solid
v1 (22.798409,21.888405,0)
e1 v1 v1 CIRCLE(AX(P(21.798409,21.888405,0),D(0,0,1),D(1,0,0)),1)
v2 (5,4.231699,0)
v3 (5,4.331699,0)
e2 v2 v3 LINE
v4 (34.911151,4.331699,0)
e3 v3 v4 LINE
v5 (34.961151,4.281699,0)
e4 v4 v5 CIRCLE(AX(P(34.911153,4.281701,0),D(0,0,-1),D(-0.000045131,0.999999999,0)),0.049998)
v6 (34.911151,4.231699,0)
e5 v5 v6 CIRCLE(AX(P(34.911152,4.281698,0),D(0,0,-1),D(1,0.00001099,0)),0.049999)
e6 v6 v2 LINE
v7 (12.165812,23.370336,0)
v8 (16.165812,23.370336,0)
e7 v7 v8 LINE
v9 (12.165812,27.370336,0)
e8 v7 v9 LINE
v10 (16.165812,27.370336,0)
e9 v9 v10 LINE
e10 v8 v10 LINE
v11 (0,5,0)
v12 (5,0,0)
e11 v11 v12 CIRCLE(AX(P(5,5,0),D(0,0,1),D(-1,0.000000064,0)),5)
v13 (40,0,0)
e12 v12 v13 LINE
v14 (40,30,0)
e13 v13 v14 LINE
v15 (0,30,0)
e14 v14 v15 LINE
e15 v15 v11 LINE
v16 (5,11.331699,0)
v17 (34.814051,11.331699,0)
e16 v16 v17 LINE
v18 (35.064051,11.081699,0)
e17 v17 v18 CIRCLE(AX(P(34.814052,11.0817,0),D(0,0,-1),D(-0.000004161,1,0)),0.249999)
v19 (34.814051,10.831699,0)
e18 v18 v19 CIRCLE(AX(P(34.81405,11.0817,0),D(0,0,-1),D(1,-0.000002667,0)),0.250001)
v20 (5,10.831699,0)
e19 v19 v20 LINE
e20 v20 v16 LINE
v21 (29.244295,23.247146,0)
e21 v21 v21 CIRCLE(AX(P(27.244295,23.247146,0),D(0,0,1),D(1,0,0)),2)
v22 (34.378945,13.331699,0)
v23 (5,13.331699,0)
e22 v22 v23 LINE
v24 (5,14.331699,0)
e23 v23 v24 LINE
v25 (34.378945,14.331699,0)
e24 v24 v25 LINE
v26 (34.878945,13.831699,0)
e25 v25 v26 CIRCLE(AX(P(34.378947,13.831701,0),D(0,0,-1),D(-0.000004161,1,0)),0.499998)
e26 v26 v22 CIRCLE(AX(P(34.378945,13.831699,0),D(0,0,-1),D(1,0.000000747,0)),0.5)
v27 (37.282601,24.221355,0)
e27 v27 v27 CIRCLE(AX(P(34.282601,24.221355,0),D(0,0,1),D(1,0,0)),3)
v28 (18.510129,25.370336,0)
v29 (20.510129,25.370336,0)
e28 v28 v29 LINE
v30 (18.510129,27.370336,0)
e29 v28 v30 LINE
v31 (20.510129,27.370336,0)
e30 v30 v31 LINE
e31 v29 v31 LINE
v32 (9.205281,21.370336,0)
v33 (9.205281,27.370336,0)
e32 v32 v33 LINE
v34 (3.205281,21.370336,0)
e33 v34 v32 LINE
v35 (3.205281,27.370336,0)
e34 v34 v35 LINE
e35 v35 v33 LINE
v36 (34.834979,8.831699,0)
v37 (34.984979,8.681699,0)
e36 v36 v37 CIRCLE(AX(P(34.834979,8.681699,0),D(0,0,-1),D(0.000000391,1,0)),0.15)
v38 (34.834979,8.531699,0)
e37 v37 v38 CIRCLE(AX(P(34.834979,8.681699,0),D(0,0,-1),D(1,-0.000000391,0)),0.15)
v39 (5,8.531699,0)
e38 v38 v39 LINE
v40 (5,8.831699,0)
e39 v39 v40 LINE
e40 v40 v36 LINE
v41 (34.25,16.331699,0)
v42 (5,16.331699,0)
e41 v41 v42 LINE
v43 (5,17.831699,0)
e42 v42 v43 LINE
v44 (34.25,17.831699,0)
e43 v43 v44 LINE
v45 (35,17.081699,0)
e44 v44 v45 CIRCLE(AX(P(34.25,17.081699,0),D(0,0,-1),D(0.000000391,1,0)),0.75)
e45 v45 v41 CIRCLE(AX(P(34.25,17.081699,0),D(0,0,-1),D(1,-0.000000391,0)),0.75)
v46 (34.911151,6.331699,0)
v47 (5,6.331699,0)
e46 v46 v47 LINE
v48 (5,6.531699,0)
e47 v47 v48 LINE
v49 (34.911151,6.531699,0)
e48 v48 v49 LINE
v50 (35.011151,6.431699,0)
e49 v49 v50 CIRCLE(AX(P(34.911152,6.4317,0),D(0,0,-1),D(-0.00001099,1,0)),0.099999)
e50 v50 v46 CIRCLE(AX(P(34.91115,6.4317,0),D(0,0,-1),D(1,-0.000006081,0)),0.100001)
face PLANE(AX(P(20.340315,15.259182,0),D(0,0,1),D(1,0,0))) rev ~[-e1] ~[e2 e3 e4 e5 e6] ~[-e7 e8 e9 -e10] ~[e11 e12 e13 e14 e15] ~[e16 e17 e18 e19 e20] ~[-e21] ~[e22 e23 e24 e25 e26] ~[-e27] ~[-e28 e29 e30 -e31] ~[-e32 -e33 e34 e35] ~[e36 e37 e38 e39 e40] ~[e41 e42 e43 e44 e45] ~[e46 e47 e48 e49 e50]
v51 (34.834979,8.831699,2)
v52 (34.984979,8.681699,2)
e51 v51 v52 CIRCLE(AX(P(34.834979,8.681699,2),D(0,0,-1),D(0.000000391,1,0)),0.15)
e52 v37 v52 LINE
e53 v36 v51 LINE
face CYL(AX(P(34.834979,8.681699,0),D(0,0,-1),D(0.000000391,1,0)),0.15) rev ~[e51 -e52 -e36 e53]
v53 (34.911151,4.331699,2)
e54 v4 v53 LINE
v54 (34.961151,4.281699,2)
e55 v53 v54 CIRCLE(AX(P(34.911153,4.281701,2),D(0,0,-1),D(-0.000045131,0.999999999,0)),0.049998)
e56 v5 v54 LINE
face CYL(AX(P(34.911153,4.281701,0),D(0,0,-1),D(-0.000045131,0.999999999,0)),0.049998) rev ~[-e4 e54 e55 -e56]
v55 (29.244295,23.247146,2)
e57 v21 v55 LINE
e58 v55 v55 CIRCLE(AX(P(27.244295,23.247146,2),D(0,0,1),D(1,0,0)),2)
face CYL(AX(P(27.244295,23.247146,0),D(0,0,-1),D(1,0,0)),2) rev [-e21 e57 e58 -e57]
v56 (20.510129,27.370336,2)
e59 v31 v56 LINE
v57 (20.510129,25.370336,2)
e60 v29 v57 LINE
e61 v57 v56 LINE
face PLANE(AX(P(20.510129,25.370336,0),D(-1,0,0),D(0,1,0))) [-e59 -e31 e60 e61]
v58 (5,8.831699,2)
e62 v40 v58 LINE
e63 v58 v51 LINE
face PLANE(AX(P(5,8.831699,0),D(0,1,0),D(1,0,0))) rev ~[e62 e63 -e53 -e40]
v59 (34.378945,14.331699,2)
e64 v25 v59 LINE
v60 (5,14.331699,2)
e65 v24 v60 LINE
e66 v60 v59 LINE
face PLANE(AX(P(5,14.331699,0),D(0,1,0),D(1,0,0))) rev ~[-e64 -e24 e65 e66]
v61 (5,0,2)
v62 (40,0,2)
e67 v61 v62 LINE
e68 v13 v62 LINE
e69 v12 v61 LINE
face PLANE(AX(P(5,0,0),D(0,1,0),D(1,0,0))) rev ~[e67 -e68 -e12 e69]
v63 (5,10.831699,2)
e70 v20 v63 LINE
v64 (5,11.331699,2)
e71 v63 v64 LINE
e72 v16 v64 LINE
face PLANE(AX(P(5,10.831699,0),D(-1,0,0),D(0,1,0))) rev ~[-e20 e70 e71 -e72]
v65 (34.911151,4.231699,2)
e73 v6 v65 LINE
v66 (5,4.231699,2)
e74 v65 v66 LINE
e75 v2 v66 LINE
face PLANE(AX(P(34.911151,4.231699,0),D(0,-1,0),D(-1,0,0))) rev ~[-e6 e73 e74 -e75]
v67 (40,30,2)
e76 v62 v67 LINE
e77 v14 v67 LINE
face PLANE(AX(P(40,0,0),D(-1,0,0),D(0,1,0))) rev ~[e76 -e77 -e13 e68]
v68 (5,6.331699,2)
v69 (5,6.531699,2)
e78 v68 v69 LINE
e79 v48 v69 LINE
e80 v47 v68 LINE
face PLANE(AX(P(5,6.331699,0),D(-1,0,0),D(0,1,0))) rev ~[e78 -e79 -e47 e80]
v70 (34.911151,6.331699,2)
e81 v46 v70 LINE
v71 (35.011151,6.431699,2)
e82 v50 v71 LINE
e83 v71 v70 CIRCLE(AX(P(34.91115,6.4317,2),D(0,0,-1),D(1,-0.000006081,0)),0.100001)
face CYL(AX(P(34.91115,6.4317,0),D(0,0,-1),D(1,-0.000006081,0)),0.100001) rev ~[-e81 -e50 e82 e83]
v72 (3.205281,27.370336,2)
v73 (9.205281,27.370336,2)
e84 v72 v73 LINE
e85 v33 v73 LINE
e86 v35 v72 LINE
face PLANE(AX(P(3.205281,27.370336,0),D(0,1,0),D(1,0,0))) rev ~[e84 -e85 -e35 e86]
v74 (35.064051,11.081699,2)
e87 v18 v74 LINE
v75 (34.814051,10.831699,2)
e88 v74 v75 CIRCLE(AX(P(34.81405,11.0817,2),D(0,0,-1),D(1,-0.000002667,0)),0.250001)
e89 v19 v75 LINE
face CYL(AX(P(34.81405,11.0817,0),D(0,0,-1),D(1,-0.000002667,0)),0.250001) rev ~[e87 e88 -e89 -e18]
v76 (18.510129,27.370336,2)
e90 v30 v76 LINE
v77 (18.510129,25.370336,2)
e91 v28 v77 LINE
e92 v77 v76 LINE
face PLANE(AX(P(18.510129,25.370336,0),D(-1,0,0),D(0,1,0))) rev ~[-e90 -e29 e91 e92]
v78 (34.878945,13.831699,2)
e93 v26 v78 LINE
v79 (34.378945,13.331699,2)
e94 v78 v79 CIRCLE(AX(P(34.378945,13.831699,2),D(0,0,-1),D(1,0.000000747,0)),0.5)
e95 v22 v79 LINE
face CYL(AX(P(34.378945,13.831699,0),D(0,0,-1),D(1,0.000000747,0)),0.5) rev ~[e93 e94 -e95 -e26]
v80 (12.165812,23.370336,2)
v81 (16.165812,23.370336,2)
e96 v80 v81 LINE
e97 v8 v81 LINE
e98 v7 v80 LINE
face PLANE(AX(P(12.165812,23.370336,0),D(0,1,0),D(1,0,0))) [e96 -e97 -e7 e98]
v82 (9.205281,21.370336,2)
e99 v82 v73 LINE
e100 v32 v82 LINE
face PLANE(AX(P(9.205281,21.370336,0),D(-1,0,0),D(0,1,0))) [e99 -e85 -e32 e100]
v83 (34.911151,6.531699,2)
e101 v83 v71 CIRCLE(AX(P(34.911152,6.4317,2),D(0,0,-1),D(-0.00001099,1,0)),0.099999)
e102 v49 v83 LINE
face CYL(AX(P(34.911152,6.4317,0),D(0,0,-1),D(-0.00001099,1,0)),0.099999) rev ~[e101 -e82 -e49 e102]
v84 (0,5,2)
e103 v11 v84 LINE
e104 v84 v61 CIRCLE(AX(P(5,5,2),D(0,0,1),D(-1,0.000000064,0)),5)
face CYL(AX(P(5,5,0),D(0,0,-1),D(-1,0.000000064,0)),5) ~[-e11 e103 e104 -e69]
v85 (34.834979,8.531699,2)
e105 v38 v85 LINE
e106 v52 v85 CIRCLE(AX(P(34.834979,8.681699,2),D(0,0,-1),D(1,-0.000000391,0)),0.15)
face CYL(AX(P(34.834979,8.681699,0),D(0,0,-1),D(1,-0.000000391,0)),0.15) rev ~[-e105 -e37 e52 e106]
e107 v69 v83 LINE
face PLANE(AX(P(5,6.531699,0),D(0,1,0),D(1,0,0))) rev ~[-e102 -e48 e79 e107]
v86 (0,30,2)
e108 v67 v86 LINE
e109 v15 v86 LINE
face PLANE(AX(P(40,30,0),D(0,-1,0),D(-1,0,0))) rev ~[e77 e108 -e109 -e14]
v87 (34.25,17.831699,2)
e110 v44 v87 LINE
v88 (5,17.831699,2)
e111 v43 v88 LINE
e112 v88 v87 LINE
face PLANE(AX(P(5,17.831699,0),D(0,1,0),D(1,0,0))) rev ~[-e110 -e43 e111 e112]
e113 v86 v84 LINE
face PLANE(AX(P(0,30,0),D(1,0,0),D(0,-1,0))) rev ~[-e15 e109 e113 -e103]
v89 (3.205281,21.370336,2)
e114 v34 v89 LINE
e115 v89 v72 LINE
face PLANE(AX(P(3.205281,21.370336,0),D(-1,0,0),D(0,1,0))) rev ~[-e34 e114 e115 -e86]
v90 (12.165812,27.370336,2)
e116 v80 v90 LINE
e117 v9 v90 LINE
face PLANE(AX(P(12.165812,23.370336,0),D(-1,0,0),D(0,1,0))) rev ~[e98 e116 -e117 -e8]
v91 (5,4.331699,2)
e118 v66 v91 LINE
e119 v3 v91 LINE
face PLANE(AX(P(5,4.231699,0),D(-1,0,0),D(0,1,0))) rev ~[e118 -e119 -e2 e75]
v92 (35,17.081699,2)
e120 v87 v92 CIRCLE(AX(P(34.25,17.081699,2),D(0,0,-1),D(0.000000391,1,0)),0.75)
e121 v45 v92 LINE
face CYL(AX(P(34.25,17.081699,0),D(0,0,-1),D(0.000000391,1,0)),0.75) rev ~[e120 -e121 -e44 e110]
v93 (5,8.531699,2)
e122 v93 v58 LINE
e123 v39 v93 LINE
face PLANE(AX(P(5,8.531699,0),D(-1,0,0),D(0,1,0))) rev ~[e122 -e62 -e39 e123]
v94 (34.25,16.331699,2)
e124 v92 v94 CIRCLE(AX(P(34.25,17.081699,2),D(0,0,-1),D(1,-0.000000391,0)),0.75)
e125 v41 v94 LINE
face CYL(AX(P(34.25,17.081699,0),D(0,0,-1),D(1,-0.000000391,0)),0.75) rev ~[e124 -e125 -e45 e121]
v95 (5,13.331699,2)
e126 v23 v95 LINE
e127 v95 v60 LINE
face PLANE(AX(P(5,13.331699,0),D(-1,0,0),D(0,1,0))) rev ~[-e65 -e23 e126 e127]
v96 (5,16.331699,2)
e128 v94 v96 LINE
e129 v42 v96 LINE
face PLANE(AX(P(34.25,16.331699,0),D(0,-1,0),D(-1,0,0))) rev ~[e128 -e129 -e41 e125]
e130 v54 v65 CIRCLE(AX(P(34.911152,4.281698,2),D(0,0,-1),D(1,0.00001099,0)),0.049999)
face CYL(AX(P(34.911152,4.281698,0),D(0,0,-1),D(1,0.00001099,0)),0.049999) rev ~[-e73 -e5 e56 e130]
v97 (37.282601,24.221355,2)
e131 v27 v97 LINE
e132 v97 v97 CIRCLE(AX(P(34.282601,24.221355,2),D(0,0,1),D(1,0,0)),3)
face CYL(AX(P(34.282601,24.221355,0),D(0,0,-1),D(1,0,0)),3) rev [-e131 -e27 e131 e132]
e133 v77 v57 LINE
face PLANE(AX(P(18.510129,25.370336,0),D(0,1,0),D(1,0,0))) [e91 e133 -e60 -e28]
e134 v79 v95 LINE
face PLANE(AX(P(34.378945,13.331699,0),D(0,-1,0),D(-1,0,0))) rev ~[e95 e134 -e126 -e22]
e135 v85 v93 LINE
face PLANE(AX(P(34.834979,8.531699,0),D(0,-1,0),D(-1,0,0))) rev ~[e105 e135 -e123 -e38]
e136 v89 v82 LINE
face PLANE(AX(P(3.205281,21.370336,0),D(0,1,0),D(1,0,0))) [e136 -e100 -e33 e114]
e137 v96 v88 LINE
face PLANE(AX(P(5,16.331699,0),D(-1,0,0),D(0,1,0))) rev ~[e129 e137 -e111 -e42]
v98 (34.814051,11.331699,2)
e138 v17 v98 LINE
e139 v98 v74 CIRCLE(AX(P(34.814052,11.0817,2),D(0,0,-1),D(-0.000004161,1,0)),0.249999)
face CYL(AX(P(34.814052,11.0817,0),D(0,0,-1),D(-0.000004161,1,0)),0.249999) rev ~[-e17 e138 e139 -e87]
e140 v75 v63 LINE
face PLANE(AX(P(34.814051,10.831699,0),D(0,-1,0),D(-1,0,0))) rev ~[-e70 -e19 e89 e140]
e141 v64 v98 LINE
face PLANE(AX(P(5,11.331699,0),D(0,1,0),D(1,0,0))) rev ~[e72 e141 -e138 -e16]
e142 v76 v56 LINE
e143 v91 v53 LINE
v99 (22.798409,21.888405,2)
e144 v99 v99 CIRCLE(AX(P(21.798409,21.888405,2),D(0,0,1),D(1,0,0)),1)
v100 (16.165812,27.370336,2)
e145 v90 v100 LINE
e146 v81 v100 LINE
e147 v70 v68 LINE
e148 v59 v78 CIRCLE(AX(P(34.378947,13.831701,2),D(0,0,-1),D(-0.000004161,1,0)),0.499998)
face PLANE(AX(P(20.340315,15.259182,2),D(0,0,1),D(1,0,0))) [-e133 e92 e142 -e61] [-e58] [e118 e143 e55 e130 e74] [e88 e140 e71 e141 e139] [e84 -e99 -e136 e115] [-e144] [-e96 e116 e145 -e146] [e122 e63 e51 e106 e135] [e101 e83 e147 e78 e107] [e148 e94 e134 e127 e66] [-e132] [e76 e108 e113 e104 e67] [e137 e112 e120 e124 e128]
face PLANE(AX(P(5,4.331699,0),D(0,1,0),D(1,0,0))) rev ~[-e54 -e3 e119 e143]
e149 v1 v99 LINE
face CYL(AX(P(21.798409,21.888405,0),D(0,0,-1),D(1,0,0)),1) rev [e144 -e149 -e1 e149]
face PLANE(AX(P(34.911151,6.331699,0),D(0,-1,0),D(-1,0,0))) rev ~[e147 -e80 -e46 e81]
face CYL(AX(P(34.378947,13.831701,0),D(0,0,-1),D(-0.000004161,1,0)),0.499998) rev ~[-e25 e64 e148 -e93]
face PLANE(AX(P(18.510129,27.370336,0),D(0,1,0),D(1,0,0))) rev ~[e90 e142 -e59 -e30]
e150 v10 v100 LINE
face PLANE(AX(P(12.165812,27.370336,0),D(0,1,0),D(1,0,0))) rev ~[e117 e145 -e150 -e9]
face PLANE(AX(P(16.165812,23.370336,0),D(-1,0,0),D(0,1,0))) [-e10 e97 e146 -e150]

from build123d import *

# Parameters (mm, degrees)
F0_W     = 6
F0_H     = 6
F0_W_2   = 4
F0_H_2   = 4
F0_W_3   = 2
F0_H_3   = 2
F0_R     = 1
F0_R_2   = 2
F0_R_3   = 3
F1_DEPTH = 2


with BuildPart() as f1:
    # F0 (on Top) → F1 (new body)
    with BuildSketch(Plane.XY):
        with BuildLine():
            ThreePointArc((0, 5), (1.464466, 1.464466), (5, 0))
            Line((5, 0), (40, 0))
            Line((40, 0), (40, 30))
            Line((40, 30), (0, 30))
            Line((0, 30), (0, 5))
        make_face()
        with BuildLine():
            Line((5, 4.231699), (5, 4.331699))
            Line((5, 4.331699), (34.911151, 4.331699))
            ThreePointArc((34.911151, 4.331699), (34.946507, 4.317055), (34.961151, 4.281699))
            ThreePointArc((34.961151, 4.281699), (34.946507, 4.246344), (34.911151, 4.231699))
            Line((34.911151, 4.231699), (5, 4.231699))
        make_face(mode=Mode.SUBTRACT)
        with BuildLine():
            Line((5, 8.531699), (5, 8.831699))
            Line((5, 8.831699), (34.834979, 8.831699))
            ThreePointArc((34.834979, 8.831699), (34.941045, 8.787765), (34.984979, 8.681699))
            ThreePointArc((34.984979, 8.681699), (34.941045, 8.575633), (34.834979, 8.531699))
            Line((34.834979, 8.531699), (5, 8.531699))
        make_face(mode=Mode.SUBTRACT)
        with BuildLine():
            Line((5, 13.331699), (5, 14.331699))
            Line((5, 14.331699), (34.378945, 14.331699))
            ThreePointArc((34.378945, 14.331699), (34.732499, 14.185253), (34.878945, 13.831699))
            ThreePointArc((34.878945, 13.831699), (34.732499, 13.478146), (34.378945, 13.331699))
            Line((34.378945, 13.331699), (5, 13.331699))
        make_face(mode=Mode.SUBTRACT)
        with BuildLine():
            Line((5, 6.331699), (5, 6.531699))
            Line((5, 6.531699), (34.911151, 6.531699))
            ThreePointArc((34.911151, 6.531699), (34.981862, 6.50241), (35.011151, 6.431699))
            ThreePointArc((35.011151, 6.431699), (34.981862, 6.360989), (34.911151, 6.331699))
            Line((34.911151, 6.331699), (5, 6.331699))
        make_face(mode=Mode.SUBTRACT)
        with BuildLine():
            Line((5, 10.831699), (5, 11.331699))
            Line((5, 11.331699), (34.814051, 11.331699))
            ThreePointArc((34.814051, 11.331699), (34.990828, 11.258476), (35.064051, 11.081699))
            ThreePointArc((35.064051, 11.081699), (34.990828, 10.904923), (34.814051, 10.831699))
            Line((34.814051, 10.831699), (5, 10.831699))
        make_face(mode=Mode.SUBTRACT)
        with Locations((6.205281, 24.370336)):
            Rectangle(F0_W, F0_H, mode=Mode.SUBTRACT)
        with Locations((14.165812, 25.370336)):
            Rectangle(F0_W_2, F0_H_2, mode=Mode.SUBTRACT)
        with Locations((19.510129, 26.370336)):
            Rectangle(F0_W_3, F0_H_3, mode=Mode.SUBTRACT)
        with BuildLine():
            Line((5, 16.331699), (5, 17.831699))
            Line((5, 17.831699), (34.25, 17.831699))
            ThreePointArc((34.25, 17.831699), (34.78033, 17.612029), (35, 17.081699))
            ThreePointArc((35, 17.081699), (34.78033, 16.551369), (34.25, 16.331699))
            Line((34.25, 16.331699), (5, 16.331699))
        make_face(mode=Mode.SUBTRACT)
        with Locations((21.798409, 21.888405)):
            Circle(F0_R, mode=Mode.SUBTRACT)
        with Locations((27.244295, 23.247146)):
            Circle(F0_R_2, mode=Mode.SUBTRACT)
        with Locations((34.282601, 24.221355)):
            Circle(F0_R_3, mode=Mode.SUBTRACT)
    extrude(amount=F1_DEPTH)


solid = f1.part
